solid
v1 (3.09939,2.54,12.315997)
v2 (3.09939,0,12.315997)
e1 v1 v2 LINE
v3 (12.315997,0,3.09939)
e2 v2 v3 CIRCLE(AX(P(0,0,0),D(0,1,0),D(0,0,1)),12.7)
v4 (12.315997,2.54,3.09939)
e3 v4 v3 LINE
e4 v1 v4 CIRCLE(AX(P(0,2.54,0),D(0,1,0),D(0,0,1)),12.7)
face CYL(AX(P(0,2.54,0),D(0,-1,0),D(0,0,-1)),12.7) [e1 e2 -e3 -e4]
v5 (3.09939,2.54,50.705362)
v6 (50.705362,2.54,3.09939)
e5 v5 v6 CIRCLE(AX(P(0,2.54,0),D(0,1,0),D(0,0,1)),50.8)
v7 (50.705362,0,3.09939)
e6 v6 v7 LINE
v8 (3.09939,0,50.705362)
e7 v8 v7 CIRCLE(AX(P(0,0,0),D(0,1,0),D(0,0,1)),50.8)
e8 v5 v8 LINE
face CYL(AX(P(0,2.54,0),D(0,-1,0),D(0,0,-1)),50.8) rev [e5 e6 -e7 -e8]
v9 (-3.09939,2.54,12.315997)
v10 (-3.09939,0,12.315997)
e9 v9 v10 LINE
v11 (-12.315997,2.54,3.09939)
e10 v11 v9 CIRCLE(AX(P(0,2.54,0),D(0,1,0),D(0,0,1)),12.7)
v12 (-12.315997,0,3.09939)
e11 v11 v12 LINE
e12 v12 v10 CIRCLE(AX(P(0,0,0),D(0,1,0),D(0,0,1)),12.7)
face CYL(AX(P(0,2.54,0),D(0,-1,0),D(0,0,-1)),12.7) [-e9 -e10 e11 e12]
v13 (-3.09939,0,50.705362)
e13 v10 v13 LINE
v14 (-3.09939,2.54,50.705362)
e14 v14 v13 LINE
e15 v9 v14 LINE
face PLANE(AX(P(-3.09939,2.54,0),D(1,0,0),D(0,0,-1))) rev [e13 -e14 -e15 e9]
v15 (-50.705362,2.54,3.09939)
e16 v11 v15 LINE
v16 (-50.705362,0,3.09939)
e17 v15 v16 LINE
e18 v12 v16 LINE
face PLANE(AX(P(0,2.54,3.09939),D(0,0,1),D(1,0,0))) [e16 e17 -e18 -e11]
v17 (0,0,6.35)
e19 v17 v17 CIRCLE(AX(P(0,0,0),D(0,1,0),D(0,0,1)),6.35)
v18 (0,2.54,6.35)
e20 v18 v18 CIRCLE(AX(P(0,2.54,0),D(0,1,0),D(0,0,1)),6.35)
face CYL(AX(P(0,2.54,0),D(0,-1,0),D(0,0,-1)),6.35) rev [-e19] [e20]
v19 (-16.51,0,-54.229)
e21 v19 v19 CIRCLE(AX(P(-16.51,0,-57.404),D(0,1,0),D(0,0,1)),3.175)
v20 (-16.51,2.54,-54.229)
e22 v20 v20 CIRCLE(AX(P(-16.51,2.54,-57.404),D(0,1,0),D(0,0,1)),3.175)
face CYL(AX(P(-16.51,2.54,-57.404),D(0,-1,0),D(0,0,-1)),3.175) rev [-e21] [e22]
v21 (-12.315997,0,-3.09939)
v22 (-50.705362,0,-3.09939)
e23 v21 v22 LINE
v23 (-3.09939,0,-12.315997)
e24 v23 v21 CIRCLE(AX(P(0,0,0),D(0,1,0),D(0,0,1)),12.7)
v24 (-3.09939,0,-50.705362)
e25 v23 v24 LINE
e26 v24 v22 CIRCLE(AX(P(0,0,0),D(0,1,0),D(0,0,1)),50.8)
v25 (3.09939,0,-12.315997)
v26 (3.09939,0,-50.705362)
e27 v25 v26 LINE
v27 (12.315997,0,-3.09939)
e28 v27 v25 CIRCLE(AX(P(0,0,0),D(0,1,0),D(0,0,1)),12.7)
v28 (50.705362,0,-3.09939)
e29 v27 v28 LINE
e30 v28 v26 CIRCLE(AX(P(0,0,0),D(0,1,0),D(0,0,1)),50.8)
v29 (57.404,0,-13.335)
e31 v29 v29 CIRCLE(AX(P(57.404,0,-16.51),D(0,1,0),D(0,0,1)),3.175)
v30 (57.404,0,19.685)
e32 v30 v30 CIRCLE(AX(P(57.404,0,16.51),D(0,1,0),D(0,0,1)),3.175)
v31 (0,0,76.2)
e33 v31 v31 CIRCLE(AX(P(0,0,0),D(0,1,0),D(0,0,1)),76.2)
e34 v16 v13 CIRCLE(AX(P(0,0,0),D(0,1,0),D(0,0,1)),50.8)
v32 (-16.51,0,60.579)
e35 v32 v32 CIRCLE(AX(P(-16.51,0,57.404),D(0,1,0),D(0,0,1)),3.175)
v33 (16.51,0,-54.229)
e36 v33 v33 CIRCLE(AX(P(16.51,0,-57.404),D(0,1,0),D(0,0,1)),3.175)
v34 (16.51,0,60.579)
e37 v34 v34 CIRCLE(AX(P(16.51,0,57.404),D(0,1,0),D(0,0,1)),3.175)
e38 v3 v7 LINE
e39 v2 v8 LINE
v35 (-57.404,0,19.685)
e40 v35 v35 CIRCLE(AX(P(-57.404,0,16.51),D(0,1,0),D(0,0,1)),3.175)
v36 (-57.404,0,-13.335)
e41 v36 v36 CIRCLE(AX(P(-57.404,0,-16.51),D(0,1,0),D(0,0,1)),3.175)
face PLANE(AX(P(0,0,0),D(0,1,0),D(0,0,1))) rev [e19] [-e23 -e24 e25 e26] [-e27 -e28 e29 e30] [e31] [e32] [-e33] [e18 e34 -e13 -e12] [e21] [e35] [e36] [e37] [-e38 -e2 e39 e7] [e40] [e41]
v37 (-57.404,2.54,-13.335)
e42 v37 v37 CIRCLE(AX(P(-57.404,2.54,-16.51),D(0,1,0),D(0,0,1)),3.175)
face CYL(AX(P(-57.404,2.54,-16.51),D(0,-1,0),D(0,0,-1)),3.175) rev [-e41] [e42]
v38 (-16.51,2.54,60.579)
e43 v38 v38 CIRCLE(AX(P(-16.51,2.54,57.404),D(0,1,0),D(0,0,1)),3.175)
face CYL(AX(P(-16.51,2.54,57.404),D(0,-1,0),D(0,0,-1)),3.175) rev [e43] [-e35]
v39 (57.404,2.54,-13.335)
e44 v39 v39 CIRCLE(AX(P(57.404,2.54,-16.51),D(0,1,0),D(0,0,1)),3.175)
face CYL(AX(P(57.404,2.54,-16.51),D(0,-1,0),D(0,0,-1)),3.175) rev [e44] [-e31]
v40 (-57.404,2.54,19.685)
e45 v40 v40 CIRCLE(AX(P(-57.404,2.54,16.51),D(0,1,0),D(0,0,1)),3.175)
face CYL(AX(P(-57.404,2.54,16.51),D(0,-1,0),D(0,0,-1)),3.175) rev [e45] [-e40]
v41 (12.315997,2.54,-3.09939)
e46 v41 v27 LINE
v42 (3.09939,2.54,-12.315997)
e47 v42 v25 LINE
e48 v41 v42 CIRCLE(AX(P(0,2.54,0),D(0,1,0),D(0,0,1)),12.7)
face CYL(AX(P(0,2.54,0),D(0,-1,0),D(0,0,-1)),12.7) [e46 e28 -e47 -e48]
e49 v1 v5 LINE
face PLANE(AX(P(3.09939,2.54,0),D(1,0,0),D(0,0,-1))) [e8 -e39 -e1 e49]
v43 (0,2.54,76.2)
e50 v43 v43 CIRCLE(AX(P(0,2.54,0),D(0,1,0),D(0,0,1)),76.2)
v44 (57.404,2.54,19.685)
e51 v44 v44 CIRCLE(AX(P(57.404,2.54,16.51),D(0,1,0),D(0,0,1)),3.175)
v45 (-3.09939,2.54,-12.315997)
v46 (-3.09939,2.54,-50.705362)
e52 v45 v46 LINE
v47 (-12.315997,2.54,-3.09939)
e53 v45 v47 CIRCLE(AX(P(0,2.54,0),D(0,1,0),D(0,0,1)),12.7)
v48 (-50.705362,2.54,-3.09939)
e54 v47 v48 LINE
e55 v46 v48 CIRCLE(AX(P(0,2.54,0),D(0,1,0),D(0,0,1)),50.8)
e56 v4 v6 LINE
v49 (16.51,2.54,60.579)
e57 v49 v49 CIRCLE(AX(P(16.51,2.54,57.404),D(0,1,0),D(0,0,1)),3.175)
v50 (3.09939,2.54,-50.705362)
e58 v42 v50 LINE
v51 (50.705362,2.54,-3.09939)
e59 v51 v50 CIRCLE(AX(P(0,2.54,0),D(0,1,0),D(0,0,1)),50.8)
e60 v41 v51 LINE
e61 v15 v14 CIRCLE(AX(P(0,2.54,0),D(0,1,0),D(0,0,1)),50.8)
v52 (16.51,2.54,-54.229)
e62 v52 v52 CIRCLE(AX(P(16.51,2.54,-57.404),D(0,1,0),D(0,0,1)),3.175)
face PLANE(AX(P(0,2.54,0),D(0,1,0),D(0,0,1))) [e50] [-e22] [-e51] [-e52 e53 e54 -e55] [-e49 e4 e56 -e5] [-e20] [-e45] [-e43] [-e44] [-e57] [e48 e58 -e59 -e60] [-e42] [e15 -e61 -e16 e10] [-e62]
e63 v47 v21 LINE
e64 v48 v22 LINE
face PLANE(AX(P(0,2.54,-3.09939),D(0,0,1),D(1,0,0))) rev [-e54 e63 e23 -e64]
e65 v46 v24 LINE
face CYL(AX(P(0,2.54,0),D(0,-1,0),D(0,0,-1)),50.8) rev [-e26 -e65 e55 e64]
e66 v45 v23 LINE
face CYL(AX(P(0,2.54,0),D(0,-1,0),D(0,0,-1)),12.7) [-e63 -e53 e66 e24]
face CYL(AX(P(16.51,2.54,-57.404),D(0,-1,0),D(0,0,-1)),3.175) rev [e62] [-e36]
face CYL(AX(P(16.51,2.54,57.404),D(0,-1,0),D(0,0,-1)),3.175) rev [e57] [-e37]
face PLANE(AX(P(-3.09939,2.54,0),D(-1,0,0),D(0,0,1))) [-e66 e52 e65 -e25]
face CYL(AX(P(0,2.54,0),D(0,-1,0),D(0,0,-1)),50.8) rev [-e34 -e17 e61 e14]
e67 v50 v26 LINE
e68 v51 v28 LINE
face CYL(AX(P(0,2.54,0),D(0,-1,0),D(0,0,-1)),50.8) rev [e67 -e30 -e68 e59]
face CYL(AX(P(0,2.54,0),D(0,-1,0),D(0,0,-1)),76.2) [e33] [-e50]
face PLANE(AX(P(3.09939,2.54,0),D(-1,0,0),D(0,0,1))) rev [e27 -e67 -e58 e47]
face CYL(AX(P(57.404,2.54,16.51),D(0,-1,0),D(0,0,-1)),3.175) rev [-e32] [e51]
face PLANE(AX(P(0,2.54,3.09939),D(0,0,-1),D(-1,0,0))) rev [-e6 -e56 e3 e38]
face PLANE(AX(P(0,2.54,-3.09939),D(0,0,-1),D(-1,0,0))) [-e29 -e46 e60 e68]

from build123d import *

# Parameters (mm, degrees)
SKETCH1_R           = 76.2
SKETCH1_R_2         = 3.175
SKETCH1_R_3         = 6.35
BOSS_EXTRUDE1_DEPTH = 2.54


with BuildPart() as part:
    # Sketch1 → Boss-Extrude1 (new body)
    with BuildSketch(Plane(origin=(0, 0, 0), x_dir=(1, 0, 0), z_dir=(0, 1, 0))):
        with Locations(Location((0, 0, 0), (0, 0, 270))):
            Circle(SKETCH1_R)
        with Locations(Location((-16.51, 57.404, 0), (0, 0, 270))):
            Circle(SKETCH1_R_2, mode=Mode.SUBTRACT)
        with Locations(Location((16.51, 57.404, 0), (0, 0, 270))):
            Circle(SKETCH1_R_2, mode=Mode.SUBTRACT)
        with Locations(Location((57.404, -16.51, 0), (0, 0, 270))):
            Circle(SKETCH1_R_2, mode=Mode.SUBTRACT)
        with Locations(Location((57.404, 16.51, 0), (0, 0, 270))):
            Circle(SKETCH1_R_2, mode=Mode.SUBTRACT)
        with Locations(Location((-16.51, -57.404, 0), (0, 0, 270))):
            Circle(SKETCH1_R_2, mode=Mode.SUBTRACT)
        with Locations(Location((16.51, -57.404, 0), (0, 0, 270))):
            Circle(SKETCH1_R_2, mode=Mode.SUBTRACT)
        with Locations(Location((-57.404, 16.51, 0), (0, 0, 270))):
            Circle(SKETCH1_R_2, mode=Mode.SUBTRACT)
        with Locations(Location((-57.404, -16.51, 0), (0, 0, 270))):
            Circle(SKETCH1_R_2, mode=Mode.SUBTRACT)
        with Locations(Location((0, 0, 0), (0, 0, 270))):
            Circle(SKETCH1_R_3, mode=Mode.SUBTRACT)
        with BuildLine():
            Line((-3.099389971, 12.315996988), (-3.099389971, 50.705362456))
            ThreePointArc((-3.099389971, 50.705362456), (-35.921024484, 35.921024484), (-50.705362456, 3.099389971))
            Line((-50.705362456, 3.099389971), (-12.315996988, 3.099389971))
            ThreePointArc((-12.315996988, 3.099389971), (-8.980256121, 8.980256121), (-3.099389971, 12.315996988))
        make_face(mode=Mode.SUBTRACT)
        with BuildLine():
            Line((3.099389971, 12.315996988), (3.099389971, 50.705362456))
            ThreePointArc((3.099389971, 50.705362456), (35.921024484, 35.921024484), (50.705362456, 3.099389971))
            Line((50.705362456, 3.099389971), (12.315996988, 3.099389971))
            ThreePointArc((12.315996988, 3.099389971), (8.980256121, 8.980256121), (3.099389971, 12.315996988))
        make_face(mode=Mode.SUBTRACT)
        with BuildLine():
            Line((12.315996988, -3.099389971), (50.705362456, -3.099389971))
            ThreePointArc((50.705362456, -3.099389971), (35.921024484, -35.921024484), (3.099389971, -50.705362456))
            Line((3.099389971, -50.705362456), (3.099389971, -12.315996988))
            ThreePointArc((3.099389971, -12.315996988), (8.980256121, -8.980256121), (12.315996988, -3.099389971))
        make_face(mode=Mode.SUBTRACT)
        with BuildLine():
            Line((-3.099389971, -12.315996988), (-3.099389971, -50.705362456))
            ThreePointArc((-3.099389971, -50.705362456), (-35.921024484, -35.921024484), (-50.705362456, -3.099389971))
            Line((-50.705362456, -3.099389971), (-12.315996988, -3.099389971))
            ThreePointArc((-12.315996988, -3.099389971), (-8.980256121, -8.980256121), (-3.099389971, -12.315996988))
        make_face(mode=Mode.SUBTRACT)
    extrude(amount=BOSS_EXTRUDE1_DEPTH)


solid = part.part
